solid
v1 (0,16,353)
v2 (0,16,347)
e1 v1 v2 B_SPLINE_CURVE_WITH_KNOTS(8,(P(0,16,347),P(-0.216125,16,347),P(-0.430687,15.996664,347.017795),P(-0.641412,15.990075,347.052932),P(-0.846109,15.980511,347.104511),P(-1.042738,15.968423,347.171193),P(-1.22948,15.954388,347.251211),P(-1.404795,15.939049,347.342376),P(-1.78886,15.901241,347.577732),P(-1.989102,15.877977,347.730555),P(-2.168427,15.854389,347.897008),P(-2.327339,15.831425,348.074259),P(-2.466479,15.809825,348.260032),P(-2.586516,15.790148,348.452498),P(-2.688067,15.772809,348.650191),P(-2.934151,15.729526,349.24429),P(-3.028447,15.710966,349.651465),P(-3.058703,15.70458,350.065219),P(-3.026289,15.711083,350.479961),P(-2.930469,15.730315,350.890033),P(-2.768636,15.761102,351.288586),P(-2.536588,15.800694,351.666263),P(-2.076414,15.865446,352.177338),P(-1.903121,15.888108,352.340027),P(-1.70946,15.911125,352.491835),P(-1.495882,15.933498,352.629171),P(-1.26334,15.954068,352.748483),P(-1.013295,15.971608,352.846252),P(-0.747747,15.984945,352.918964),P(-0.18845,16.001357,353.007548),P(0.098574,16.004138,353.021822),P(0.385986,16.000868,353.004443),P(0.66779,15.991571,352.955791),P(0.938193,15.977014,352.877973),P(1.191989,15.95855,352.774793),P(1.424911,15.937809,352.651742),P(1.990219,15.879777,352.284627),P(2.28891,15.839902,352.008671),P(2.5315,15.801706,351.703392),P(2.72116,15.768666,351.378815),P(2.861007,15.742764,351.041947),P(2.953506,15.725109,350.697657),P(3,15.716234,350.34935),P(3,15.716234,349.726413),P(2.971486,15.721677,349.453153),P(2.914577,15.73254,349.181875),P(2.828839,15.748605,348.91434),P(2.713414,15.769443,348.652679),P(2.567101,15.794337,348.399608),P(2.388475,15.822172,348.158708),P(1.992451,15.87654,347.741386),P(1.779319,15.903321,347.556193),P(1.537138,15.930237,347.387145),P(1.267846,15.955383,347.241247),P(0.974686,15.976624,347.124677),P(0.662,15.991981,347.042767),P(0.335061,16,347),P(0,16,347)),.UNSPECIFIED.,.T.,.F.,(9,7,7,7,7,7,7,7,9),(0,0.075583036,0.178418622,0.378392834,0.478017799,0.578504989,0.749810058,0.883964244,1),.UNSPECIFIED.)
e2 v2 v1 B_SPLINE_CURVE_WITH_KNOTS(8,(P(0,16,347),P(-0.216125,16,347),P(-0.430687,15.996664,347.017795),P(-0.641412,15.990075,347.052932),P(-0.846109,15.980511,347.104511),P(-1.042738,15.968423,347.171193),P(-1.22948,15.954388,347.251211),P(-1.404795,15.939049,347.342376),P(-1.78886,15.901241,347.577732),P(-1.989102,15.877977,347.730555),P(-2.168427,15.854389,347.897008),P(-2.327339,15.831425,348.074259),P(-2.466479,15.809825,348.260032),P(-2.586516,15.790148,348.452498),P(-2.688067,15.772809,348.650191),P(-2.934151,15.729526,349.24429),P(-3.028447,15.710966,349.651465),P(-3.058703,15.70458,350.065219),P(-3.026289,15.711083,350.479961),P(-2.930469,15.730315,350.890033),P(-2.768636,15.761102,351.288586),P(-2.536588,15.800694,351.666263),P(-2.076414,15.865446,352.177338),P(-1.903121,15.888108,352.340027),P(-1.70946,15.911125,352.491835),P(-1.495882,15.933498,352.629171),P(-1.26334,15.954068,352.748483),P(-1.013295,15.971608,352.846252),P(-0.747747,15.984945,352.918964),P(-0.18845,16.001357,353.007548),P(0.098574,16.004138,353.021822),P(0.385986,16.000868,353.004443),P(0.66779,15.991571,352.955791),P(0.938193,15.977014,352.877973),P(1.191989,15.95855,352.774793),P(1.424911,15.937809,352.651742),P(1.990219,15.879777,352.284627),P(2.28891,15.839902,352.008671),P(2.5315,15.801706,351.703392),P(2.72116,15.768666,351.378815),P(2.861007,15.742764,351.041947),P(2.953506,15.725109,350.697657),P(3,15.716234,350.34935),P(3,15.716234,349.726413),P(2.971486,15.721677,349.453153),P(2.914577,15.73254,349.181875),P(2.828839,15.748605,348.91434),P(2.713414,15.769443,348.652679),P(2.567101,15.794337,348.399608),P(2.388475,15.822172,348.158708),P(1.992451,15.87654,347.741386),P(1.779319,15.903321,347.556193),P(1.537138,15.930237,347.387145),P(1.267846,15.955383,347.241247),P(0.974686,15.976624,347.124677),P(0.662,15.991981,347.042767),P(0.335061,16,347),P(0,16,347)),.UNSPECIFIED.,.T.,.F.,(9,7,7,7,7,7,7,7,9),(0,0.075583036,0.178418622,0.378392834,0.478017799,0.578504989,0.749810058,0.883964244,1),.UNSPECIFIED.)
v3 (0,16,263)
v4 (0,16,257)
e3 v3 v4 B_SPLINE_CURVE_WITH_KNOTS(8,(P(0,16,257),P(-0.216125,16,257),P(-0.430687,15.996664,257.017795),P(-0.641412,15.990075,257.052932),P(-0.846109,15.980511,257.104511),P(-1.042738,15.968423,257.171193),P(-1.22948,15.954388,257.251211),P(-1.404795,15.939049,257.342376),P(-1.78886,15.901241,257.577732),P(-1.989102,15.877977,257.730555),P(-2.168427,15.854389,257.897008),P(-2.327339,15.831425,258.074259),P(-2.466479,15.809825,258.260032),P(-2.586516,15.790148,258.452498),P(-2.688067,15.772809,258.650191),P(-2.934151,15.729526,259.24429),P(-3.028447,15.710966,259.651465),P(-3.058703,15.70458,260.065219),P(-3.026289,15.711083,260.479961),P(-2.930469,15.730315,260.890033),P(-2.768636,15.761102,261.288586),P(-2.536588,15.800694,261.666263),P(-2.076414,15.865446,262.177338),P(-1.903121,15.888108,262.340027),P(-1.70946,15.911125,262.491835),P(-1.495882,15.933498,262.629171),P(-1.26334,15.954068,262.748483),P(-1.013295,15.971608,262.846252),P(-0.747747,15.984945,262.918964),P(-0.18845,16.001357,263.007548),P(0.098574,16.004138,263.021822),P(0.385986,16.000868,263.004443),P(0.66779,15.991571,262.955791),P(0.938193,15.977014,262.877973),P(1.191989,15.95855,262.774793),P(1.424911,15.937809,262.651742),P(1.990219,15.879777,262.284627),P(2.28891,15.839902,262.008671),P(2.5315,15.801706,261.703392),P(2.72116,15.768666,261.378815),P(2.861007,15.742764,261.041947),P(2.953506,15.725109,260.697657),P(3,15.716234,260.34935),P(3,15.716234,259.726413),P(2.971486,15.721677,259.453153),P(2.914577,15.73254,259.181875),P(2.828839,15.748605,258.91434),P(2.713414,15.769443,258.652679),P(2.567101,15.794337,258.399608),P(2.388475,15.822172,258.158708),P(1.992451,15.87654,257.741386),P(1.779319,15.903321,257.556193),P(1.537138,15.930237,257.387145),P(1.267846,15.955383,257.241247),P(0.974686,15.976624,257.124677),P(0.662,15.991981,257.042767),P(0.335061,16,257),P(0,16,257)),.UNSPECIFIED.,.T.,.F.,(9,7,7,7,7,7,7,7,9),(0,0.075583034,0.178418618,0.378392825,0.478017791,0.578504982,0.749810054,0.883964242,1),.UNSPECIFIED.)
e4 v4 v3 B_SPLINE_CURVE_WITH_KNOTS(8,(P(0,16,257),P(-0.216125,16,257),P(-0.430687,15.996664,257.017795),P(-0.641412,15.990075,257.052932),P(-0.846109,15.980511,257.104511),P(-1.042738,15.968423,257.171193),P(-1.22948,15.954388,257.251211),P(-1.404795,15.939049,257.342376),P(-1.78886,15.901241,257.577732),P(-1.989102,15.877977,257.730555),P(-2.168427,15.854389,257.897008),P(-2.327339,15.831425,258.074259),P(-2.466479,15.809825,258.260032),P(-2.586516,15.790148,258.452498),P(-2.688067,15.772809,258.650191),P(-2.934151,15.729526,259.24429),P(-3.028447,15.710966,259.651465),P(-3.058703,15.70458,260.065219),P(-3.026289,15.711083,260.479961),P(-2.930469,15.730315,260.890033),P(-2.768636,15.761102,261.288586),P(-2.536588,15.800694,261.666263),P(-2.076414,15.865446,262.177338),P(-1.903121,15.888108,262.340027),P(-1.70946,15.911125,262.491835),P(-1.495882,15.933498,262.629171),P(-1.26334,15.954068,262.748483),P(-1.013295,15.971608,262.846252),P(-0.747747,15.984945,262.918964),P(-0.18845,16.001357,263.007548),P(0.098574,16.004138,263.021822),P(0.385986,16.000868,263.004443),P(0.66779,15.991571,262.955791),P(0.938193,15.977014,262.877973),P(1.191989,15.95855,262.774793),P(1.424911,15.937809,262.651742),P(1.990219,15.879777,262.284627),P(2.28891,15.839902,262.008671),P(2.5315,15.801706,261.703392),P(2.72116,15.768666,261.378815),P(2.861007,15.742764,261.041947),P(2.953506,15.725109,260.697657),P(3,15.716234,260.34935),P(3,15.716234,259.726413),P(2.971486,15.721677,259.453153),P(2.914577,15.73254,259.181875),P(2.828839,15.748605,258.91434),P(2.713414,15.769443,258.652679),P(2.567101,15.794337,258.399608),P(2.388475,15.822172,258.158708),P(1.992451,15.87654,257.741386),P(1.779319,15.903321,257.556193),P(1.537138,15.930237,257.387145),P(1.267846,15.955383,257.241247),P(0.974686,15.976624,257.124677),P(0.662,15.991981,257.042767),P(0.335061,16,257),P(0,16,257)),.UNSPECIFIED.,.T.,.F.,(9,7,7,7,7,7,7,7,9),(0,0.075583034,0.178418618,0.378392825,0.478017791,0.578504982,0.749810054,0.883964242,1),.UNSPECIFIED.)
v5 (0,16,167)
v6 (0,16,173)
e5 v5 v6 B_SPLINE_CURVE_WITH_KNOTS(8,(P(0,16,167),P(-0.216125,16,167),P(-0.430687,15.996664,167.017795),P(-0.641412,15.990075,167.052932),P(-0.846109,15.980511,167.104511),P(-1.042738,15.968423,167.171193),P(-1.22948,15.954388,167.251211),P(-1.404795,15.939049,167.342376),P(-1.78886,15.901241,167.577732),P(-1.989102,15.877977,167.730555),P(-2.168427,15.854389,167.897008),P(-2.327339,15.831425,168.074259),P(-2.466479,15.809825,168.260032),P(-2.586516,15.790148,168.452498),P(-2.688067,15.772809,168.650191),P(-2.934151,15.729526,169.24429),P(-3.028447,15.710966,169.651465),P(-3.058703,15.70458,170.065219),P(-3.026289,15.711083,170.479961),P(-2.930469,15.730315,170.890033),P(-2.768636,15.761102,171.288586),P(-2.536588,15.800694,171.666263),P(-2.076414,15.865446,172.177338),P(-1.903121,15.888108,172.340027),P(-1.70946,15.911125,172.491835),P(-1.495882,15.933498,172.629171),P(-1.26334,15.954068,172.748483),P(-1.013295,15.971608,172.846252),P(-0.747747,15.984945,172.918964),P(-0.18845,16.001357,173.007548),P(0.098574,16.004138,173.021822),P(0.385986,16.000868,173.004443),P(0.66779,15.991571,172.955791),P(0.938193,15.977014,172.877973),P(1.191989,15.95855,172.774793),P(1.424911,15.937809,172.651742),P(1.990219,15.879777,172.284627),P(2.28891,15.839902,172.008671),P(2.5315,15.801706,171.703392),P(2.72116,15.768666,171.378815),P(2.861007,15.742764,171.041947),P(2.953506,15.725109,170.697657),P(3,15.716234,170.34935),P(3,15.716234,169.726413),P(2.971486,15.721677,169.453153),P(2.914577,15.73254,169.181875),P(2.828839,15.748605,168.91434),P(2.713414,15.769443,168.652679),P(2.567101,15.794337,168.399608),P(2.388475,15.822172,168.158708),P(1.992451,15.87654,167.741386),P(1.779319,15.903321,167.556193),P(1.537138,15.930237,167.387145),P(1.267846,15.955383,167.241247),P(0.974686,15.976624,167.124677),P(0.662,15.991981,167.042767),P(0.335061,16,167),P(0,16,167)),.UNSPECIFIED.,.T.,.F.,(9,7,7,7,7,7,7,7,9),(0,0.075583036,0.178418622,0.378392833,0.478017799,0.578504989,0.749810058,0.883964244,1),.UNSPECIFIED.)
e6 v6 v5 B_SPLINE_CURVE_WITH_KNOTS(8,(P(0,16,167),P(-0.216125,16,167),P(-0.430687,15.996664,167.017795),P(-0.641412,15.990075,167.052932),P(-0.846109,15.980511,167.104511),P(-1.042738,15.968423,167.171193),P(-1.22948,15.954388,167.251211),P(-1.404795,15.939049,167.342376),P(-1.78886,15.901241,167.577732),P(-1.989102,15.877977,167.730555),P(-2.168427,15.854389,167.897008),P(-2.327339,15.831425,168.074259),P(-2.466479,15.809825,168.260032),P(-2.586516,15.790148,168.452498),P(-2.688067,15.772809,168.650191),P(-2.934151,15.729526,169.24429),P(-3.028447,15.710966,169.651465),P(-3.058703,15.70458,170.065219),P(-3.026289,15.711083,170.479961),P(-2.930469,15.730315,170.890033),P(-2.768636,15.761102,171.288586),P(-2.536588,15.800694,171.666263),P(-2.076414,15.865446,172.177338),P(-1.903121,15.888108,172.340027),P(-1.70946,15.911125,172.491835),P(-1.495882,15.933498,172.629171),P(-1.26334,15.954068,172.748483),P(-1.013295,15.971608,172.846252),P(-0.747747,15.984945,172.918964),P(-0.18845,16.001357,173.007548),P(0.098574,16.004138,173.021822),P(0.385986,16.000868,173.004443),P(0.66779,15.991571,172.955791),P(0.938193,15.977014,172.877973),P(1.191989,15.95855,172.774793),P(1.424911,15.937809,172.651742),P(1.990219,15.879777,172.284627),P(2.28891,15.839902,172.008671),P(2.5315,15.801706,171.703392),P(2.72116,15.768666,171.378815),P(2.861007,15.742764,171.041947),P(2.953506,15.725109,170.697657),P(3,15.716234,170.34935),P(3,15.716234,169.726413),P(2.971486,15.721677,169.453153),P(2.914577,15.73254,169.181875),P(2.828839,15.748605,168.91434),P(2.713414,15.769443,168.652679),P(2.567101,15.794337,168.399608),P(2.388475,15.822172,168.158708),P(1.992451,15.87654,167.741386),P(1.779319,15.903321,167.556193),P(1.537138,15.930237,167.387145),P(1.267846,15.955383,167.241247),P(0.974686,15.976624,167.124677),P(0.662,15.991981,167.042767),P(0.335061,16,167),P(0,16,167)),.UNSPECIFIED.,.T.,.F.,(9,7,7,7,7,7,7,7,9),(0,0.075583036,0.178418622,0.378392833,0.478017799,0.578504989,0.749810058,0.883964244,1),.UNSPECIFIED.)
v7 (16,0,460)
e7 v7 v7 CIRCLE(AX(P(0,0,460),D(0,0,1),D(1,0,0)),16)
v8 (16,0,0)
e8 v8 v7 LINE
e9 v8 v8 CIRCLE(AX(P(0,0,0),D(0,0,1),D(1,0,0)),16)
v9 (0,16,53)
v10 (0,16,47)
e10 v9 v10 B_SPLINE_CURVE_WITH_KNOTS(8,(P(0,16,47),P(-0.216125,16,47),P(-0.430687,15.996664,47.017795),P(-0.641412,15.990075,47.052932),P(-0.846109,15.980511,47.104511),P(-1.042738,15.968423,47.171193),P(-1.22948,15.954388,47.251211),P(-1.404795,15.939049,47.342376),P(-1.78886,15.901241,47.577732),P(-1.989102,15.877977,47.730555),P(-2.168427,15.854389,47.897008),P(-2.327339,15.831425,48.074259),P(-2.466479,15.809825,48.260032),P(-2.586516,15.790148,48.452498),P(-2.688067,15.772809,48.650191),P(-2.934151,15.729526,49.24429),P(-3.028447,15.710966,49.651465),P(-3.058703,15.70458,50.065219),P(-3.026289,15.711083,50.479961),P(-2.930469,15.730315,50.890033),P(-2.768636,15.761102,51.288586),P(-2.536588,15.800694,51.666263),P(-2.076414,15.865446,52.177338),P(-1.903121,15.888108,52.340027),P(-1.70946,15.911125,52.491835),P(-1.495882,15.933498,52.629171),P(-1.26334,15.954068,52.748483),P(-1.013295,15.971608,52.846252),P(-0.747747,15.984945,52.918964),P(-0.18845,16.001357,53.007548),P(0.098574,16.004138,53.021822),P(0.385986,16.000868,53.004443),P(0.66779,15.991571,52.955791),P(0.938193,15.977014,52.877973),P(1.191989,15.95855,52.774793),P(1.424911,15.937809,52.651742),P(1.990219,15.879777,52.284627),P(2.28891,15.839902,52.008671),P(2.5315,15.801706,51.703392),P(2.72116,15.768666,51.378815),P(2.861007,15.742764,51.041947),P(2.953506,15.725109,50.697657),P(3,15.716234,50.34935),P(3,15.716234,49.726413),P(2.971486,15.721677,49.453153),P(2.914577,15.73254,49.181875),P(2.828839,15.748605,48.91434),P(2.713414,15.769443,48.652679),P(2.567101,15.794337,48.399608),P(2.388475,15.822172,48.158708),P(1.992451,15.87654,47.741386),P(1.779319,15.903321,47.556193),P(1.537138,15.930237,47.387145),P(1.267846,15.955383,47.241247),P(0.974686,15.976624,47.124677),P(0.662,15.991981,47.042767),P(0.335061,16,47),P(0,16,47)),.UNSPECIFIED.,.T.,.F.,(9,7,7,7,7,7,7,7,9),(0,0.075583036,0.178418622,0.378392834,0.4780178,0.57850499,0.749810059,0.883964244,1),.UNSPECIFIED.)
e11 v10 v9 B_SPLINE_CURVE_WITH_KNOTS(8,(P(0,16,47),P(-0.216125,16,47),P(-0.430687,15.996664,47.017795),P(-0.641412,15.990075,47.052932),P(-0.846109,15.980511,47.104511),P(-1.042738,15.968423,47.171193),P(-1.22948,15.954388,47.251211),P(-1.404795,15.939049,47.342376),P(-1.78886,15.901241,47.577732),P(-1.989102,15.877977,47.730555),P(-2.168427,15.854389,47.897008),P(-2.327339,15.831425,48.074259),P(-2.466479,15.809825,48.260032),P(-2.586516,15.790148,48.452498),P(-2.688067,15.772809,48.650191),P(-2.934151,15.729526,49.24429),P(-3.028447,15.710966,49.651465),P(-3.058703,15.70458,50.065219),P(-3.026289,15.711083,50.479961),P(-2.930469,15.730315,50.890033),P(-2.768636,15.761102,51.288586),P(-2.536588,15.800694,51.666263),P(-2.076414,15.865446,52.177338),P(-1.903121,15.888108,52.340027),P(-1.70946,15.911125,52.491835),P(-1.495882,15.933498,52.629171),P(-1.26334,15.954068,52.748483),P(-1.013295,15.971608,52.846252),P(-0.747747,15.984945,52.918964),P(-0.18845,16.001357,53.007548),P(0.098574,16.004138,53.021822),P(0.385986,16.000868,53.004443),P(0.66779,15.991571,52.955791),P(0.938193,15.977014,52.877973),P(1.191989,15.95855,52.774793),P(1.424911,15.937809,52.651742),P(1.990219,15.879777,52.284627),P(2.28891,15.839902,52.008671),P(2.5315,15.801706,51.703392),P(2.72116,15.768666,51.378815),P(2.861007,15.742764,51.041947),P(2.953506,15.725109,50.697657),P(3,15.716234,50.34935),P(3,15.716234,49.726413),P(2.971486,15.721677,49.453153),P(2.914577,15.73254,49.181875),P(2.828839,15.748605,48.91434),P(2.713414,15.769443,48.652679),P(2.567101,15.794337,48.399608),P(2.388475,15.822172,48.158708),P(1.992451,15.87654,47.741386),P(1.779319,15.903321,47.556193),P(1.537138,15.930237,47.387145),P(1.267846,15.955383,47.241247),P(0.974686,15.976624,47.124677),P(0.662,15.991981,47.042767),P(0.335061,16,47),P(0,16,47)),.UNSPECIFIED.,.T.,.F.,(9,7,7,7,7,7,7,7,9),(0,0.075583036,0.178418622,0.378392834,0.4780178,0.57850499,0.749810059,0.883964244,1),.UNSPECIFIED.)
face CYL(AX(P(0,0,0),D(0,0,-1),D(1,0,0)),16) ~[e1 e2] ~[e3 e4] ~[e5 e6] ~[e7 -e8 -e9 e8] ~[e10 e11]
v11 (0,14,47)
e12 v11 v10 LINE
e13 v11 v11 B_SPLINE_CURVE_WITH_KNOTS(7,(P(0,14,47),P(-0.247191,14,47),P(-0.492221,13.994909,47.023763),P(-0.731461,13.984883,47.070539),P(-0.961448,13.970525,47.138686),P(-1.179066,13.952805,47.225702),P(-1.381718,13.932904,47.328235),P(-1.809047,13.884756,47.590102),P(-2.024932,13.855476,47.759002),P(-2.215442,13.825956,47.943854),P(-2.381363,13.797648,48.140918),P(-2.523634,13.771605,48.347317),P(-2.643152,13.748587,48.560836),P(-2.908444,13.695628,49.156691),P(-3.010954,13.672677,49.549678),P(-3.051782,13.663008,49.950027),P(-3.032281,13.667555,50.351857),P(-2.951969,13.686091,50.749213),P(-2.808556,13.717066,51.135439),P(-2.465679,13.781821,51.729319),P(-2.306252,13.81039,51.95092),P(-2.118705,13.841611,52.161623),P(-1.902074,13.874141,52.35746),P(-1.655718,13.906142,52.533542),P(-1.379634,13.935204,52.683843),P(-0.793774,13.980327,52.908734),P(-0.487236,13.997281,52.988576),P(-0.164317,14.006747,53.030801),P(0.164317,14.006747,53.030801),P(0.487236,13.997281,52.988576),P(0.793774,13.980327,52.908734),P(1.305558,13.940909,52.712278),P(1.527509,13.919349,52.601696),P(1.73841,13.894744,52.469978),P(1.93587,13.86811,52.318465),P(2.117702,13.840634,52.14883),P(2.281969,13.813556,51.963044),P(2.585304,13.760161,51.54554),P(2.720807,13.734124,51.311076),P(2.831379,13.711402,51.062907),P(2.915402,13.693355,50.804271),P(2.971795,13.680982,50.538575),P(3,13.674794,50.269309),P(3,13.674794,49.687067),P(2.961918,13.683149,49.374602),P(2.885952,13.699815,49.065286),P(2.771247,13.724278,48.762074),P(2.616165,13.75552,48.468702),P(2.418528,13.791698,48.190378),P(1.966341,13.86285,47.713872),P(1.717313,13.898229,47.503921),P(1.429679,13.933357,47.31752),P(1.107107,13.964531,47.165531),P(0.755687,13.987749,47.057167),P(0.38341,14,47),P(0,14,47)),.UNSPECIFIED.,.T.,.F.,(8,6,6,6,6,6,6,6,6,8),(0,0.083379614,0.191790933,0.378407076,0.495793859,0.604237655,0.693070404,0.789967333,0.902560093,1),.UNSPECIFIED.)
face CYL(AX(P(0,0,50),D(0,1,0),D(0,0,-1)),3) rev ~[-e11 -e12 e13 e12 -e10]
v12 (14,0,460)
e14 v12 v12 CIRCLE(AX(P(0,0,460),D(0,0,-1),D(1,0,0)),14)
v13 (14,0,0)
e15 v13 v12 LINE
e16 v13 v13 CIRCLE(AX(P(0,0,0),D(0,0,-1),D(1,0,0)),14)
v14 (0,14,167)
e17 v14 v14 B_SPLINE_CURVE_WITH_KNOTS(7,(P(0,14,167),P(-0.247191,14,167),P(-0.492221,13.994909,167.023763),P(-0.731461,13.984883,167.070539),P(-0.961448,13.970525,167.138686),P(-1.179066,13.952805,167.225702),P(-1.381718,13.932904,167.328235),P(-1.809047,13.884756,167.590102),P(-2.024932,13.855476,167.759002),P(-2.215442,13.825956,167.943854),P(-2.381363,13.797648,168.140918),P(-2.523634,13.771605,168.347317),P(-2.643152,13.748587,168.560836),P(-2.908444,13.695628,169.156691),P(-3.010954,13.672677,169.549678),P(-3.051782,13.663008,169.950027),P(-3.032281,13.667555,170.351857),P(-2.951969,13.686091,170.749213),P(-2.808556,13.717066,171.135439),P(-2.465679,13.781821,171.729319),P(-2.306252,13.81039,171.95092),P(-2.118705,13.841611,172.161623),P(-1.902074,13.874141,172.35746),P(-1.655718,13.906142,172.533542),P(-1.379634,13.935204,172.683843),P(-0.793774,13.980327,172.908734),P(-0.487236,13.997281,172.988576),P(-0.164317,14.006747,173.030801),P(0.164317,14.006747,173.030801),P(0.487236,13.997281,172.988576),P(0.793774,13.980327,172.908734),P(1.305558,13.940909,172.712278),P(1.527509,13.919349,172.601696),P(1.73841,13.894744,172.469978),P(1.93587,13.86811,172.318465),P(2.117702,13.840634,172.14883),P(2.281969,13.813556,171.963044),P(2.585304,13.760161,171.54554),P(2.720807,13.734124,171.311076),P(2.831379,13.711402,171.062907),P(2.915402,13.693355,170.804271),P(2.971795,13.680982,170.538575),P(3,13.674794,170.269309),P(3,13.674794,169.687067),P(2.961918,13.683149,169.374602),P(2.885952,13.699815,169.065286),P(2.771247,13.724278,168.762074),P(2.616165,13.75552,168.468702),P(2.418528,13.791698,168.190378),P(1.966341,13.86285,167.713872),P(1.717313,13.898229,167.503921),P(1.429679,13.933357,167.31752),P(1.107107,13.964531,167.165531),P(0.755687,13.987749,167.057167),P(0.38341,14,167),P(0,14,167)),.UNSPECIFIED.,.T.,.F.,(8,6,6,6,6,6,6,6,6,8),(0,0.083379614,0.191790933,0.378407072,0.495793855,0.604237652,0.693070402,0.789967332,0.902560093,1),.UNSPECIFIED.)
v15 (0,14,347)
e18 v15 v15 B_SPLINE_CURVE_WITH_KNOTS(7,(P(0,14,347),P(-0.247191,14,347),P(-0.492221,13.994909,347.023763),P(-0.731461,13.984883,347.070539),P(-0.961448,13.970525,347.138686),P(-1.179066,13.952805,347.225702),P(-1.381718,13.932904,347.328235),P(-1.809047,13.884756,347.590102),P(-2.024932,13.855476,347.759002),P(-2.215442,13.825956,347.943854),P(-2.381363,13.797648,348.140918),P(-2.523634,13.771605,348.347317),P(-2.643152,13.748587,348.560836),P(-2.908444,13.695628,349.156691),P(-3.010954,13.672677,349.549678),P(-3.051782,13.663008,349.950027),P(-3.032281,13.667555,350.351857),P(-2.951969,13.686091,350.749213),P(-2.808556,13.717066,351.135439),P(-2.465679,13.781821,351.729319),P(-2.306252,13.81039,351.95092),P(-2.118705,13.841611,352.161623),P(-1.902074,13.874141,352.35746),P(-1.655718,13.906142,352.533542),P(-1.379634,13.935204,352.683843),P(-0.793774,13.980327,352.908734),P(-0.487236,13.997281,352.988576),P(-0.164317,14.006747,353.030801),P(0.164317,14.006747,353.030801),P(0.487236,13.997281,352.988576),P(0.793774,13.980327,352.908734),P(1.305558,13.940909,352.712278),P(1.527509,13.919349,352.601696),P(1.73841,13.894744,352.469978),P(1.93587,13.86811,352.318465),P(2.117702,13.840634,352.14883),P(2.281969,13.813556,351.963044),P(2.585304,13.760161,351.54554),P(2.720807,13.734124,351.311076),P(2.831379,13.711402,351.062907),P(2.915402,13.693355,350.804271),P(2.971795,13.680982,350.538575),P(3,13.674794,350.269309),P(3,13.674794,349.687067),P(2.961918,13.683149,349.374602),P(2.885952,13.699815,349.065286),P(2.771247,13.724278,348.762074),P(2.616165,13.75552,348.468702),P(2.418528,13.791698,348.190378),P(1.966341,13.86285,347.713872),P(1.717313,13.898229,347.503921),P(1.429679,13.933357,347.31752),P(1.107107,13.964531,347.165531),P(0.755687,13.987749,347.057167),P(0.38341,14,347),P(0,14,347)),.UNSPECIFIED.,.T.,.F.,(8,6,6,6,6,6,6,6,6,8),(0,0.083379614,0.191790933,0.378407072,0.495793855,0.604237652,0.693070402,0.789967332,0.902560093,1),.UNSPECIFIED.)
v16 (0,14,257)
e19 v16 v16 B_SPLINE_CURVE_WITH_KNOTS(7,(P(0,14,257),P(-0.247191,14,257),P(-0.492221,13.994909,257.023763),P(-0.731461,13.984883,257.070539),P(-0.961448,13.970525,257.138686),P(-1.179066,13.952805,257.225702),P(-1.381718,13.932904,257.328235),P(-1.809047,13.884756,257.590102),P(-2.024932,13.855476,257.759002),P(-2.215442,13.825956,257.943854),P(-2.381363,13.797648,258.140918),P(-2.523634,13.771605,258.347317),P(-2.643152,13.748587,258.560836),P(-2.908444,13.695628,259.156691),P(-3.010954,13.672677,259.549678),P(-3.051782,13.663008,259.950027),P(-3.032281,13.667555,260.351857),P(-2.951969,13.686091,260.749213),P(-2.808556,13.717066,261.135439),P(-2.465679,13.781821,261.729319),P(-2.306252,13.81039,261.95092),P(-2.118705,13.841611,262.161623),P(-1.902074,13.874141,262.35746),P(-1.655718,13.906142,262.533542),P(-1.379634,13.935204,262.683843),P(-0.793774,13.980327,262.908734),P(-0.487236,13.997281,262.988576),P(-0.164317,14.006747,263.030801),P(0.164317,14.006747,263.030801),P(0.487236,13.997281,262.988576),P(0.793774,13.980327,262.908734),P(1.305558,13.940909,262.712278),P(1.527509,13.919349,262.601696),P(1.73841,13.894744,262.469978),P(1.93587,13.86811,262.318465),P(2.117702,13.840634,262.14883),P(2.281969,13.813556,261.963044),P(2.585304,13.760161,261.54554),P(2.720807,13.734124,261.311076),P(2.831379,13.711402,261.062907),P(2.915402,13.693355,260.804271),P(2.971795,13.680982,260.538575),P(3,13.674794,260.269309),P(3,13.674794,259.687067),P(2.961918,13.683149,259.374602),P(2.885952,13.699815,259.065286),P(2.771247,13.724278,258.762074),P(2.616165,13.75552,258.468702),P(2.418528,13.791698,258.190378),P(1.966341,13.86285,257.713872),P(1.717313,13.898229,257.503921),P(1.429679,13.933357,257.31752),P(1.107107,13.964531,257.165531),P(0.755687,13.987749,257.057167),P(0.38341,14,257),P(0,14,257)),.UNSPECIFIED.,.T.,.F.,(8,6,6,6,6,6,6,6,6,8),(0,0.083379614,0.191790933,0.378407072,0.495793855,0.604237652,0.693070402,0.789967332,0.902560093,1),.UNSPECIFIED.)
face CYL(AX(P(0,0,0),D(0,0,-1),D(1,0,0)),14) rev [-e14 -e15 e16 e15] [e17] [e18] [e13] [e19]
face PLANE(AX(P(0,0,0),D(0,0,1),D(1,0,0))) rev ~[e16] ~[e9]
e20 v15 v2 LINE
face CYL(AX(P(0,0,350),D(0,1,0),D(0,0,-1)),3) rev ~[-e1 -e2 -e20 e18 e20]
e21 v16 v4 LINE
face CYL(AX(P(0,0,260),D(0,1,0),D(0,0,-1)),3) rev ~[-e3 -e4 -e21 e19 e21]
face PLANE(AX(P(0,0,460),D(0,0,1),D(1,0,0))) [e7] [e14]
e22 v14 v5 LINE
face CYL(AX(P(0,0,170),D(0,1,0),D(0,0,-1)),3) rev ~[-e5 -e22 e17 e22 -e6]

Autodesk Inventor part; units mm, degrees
ref_plane "YZ Plane" through (0, 0, 0) normal (1, 0, 0) x (0, 1, 0)
ref_plane "XZ Plane" through (0, 0, 0) normal (0, 1, 0) x (-1, 0, 0)
ref_plane "XY Plane" through (0, 0, 0) normal (0, 0, 1) x (1, 0, 0)
sketch "Szkic2" plane through (0, 0, 0) normal (0, 0, 1) x (1, 0, 0)
  circle A0 centre (0, 0) radius 16
  dimension "d4" = 32
extrude "Wyciągnięcie proste2" add sketch "Szkic2" along normal blind 460
shell "Skorupa2" thickness 2 removed faces 2 at (4.7224, 2.4785, 0) at (4.7224, 2.4785, 460)
sketch "Szkic3" plane through (0, 0, 0) normal (0, 1, 0) x (-1, 0, 0)
  line L0 (-16, 0) -> (16, 0) construction
  line L1 (0, 0) -> (0, 395.7207) construction
  point P0 (0, 50)
  point P1 (0, 170)
  point P2 (0, 260)
  point P3 (0, 350)
  dimension "d8" = 90
  dimension "d9" = 90
  dimension "d10" = 120
  dimension "d11" = 50
hole "Otwór1" at (0, 0, 50) at (0, 0, 170) at (0, 0, 260) at (0, 0, 350) direction (0, 1, 0) diameter 6 depth 16 tip angle 118
equation "\"PromieńGięcia\" = Grubość"
equation "\"SzerokośćGięciaPodcięcia\" = Grubość"
equation "\"GłębokośćGięciaPodcięcia\" = 0.5 * Grubość"
equation "\"RozmiarPodcięciaNarożnika\" = 4 * Grubość"
equation "\"MinimalnaPozostałość\" = 2 * Grubość"
equation "\"PromieńPrzejścia\" = PromieńGięcia"
equation "\"Rozmiar_promienia_Jacobiego\" = PromieńGięcia"
equation "\"Wielk_odstępu\" = Grubość"
equation "\"Grubość\" = 0.5"
properties part number "Rura_oparcia" material "Aluminium AW-7020"
